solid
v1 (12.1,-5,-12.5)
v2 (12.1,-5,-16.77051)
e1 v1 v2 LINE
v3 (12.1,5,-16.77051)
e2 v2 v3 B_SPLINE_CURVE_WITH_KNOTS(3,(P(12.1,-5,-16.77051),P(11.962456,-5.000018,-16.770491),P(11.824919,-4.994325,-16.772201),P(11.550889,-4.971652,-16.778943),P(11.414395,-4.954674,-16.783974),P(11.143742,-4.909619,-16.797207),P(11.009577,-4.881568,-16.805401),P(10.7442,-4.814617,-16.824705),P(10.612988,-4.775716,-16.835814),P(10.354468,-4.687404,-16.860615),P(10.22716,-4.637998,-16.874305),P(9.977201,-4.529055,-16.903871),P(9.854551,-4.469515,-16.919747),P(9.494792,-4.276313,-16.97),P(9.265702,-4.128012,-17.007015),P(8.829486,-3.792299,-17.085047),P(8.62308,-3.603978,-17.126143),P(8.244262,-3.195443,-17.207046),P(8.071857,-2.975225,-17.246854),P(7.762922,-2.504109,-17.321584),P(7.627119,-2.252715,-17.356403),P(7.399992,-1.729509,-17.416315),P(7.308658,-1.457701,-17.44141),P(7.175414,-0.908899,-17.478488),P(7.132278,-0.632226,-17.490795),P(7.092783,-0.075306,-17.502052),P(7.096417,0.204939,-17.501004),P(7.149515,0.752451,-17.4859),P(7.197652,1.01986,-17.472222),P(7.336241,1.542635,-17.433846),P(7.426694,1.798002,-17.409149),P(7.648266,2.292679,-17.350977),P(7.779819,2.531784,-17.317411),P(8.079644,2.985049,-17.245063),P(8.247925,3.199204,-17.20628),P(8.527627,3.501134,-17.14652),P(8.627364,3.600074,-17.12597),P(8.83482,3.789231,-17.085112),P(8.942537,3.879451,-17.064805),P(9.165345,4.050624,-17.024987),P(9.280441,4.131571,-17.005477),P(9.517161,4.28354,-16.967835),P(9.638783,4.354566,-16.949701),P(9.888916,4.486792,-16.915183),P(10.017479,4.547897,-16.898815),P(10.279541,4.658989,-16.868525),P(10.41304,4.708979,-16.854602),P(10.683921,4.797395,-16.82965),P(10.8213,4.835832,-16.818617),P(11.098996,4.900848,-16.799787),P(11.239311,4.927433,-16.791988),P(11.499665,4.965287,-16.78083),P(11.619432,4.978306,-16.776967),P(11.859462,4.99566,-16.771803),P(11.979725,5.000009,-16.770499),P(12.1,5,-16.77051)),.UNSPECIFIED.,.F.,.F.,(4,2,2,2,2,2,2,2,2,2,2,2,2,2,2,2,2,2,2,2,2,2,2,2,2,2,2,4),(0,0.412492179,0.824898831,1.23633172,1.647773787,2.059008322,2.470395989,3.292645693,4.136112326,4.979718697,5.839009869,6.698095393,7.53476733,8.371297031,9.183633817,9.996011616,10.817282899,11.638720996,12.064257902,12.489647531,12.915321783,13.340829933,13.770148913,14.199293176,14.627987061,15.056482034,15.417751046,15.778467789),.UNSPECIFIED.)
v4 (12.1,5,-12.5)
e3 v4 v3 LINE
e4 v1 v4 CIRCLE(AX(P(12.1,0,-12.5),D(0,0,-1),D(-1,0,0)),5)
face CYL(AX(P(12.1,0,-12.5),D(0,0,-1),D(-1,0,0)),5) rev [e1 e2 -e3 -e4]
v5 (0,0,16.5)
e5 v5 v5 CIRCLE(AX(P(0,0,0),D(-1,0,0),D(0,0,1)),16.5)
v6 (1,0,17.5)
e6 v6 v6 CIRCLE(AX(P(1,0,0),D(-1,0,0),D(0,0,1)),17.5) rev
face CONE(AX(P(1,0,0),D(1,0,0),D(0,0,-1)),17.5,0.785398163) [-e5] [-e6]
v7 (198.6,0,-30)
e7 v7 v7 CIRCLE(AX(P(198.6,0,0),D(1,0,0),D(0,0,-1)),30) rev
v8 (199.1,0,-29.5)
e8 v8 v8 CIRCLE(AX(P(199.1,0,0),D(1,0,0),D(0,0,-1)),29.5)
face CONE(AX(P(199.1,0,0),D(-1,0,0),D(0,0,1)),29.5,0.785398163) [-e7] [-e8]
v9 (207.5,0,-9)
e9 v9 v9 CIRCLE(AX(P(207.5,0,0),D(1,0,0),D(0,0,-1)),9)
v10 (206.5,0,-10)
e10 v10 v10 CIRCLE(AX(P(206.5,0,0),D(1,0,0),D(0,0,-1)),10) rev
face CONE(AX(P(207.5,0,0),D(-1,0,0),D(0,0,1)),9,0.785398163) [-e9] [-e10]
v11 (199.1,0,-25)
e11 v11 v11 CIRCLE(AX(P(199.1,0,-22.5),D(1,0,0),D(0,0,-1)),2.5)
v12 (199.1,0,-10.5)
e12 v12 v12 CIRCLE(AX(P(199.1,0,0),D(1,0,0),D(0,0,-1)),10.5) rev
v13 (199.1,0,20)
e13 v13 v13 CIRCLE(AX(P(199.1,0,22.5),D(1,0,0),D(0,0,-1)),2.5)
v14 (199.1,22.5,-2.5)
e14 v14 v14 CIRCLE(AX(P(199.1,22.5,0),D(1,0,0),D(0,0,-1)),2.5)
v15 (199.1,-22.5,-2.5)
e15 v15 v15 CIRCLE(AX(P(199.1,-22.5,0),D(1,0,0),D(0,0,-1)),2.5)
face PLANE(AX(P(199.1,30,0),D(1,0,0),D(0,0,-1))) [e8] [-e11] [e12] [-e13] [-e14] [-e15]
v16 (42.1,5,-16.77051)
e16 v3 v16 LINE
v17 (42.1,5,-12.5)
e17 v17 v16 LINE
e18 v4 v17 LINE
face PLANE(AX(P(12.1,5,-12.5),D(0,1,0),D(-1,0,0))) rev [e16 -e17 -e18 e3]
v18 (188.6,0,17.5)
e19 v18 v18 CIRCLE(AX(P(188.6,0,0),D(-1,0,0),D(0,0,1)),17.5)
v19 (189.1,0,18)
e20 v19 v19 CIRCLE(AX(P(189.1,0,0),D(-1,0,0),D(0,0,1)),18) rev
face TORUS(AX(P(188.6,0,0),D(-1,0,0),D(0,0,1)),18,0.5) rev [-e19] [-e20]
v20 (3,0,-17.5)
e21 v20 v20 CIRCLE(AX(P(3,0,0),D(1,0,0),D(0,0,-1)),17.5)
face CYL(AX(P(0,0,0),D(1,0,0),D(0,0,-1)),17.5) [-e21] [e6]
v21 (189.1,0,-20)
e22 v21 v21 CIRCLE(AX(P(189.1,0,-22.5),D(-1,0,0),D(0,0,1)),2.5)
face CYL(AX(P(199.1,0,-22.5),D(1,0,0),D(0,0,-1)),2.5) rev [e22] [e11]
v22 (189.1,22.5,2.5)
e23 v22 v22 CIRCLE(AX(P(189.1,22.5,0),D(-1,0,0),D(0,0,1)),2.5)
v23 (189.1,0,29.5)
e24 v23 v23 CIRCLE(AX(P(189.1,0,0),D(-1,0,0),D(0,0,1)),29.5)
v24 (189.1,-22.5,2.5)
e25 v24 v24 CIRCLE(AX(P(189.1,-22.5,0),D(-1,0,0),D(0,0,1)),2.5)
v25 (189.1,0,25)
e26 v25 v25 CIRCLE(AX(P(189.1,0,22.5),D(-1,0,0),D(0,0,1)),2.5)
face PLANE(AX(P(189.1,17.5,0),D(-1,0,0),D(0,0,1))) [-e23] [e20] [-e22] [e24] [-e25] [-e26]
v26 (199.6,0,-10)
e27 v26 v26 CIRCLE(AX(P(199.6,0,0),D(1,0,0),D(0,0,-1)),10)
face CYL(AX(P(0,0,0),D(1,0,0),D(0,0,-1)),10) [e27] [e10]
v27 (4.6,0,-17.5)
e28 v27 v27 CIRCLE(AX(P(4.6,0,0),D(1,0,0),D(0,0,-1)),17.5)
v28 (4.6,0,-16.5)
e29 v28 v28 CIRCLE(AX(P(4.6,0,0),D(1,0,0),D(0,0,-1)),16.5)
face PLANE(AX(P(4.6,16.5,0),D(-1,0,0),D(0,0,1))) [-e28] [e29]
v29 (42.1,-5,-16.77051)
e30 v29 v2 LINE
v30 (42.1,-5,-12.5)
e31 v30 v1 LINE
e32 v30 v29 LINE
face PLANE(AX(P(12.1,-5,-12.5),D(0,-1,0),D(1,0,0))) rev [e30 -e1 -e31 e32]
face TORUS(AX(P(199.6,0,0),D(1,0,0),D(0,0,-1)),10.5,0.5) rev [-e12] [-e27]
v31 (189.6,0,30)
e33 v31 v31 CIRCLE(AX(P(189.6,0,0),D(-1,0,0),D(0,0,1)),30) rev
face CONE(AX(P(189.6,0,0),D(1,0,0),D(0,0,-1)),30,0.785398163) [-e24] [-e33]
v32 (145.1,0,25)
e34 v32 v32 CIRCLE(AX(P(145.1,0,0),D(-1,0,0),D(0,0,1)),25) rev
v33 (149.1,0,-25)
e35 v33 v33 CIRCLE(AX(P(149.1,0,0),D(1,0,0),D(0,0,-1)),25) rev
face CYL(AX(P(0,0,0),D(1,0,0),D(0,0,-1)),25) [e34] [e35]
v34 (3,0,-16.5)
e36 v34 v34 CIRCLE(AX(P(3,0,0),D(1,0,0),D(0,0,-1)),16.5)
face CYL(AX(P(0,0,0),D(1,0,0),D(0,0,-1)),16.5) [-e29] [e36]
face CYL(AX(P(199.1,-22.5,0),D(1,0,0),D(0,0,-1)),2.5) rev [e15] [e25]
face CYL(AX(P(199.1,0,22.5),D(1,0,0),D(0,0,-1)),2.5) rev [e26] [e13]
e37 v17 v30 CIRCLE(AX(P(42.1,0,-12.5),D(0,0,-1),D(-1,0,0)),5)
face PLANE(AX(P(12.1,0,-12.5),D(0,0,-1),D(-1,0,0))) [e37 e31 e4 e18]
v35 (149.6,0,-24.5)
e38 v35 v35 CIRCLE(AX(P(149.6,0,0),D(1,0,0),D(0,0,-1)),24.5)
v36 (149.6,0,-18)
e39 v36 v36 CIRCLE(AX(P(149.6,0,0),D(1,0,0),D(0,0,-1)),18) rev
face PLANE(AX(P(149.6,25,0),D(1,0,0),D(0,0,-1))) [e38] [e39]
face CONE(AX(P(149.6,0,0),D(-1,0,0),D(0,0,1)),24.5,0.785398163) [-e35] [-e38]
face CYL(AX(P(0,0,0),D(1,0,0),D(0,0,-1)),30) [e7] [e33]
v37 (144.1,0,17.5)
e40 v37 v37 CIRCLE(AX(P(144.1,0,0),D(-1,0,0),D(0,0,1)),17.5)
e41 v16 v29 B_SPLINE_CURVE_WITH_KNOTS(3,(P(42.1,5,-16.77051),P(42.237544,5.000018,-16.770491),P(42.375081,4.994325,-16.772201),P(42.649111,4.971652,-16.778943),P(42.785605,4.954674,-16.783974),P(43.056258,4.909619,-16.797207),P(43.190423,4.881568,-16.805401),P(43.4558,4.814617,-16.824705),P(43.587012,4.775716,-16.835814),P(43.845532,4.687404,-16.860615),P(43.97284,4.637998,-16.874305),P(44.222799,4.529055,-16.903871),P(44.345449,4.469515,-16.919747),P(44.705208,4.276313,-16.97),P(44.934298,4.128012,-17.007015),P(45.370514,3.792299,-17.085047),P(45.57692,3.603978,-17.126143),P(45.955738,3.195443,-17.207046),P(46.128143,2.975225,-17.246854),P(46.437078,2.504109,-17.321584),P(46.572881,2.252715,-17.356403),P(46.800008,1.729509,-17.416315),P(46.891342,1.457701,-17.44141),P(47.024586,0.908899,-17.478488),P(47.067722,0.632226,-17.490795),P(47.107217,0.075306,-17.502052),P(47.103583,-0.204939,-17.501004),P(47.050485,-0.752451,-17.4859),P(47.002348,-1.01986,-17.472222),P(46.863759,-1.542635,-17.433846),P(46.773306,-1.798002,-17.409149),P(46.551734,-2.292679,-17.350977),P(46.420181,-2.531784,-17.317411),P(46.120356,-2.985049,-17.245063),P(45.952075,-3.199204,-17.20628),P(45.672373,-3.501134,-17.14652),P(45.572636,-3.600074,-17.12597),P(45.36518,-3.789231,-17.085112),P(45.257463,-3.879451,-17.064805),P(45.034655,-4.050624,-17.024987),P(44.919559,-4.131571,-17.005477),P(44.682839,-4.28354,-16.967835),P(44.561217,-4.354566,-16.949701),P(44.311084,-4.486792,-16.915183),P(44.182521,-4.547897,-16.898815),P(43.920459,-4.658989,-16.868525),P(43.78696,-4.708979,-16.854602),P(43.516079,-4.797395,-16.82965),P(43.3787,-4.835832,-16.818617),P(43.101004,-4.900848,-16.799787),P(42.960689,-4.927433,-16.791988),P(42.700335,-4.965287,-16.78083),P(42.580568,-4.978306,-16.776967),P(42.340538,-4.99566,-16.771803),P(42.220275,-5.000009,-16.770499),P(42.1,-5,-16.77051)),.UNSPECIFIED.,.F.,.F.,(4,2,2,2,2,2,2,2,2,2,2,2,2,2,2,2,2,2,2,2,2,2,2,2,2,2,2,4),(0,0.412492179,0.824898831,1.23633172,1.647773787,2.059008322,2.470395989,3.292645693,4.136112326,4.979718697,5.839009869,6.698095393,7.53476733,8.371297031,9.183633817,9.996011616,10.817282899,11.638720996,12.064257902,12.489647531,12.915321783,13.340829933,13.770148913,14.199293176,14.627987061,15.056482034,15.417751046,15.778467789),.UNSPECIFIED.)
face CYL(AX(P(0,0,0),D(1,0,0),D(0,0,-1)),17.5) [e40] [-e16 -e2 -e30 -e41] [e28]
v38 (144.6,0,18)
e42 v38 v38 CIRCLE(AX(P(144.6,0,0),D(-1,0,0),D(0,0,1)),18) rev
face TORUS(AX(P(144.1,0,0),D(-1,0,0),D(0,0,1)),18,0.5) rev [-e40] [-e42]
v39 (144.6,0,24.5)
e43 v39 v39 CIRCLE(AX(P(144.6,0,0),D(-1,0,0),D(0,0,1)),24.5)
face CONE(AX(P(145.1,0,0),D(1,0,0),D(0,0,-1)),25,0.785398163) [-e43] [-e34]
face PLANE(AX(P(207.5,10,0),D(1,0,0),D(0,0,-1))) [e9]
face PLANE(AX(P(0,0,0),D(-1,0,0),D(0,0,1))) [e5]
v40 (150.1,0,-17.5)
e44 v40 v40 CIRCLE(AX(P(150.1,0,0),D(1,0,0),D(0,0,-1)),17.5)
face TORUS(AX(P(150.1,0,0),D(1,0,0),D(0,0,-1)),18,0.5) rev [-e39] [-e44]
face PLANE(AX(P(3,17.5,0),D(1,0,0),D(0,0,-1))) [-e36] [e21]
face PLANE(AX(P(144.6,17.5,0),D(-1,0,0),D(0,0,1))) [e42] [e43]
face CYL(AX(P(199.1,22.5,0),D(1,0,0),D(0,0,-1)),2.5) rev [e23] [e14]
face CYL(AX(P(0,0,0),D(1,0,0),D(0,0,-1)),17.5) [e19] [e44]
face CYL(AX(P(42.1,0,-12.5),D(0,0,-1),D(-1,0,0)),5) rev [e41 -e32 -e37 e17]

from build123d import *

# Parameters (mm, degrees)
OTW_R_GWINTOWANY_M63_D     = 5
OTW_R_GWINTOWANY_M63_DEPTH = 10
SFAZOWANIE1_SIZE           = 1
ZAOKR_GLENIE1_R            = 0.5
SFAZOWANIE2_SIZE           = 0.5
ZAOKR_GLENIE2_R            = 0.5
WYTNIJ_WYCI_GNI_CIE1_DEPTH = 5


with BuildPart() as part:
    # Szkic1 → Obrót1 (revolve)
    with BuildSketch(Plane.XY):
        Polygon((0, 0), (207.5, 0), (207.5, 10), (199.1, 10), (199.1, 30), (189.1, 30), (189.1, 17.5), (149.6, 17.5), (149.6, 25), (144.6, 25), (144.6, 17.5), (4.6, 17.5), (4.6, 16.5), (3, 16.5), (3, 17.5), (0, 17.5), align=None)
    revolve(axis=Axis((0, 0, 0), (-1, 0, 0)))

    # Otwór gwintowany M63
    with Locations(Plane(origin=(199.1, 0, 0), x_dir=(0, 0, -1), z_dir=(1, 0, 0))):
        with Locations((0, 22.5), (22.5, 0), (0, -22.5), (-22.5, 0)):
            Hole(OTW_R_GWINTOWANY_M63_D / 2, depth=OTW_R_GWINTOWANY_M63_DEPTH)

    # Sfazowanie1
    sfazowanie1_edges = [part.edges().sort_by_distance(p)[0] for p in [
        (207.5, -10, 0),
        (0, -17.5, 0),
    ]]
    chamfer(sfazowanie1_edges, length=SFAZOWANIE1_SIZE)

    # Zaokrąglenie1
    zaokr_glenie1_edges = [part.edges().sort_by_distance(p)[0] for p in [
        (189.1, -17.5, 0),
        (149.6, -17.5, 0),
        (144.6, -17.5, 0),
    ]]
    fillet(zaokr_glenie1_edges, radius=ZAOKR_GLENIE1_R)

    # Sfazowanie2
    sfazowanie2_edges = [part.edges().sort_by_distance(p)[0] for p in [
        (199.1, -30, 0),
        (189.1, -30, 0),
        (149.6, -25, 0),
        (144.6, -25, 0),
    ]]
    chamfer(sfazowanie2_edges, length=SFAZOWANIE2_SIZE)

    # Zaokrąglenie2
    zaokr_glenie2_edges = [part.edges().sort_by_distance(p)[0] for p in [
        (199.1, -10, 0),
    ]]
    fillet(zaokr_glenie2_edges, radius=ZAOKR_GLENIE2_R)

    # Szkic7 → Wytnij-wyciągnięcie1 (cut)
    with BuildSketch(Plane(origin=(0, 0, -17.5), x_dir=(-1, 0, 0), z_dir=(0, 0, -1))):
        with BuildLine():
            Line((-12.1, -5), (-42.1, -5))
            ThreePointArc((-42.1, -5), (-47.1, 0), (-42.1, 5))
            Line((-42.1, 5), (-12.1, 5))
            ThreePointArc((-12.1, 5), (-7.1, 0), (-12.1, -5))
        make_face()
    extrude(amount=-WYTNIJ_WYCI_GNI_CIE1_DEPTH, mode=Mode.SUBTRACT)


solid = part.part
